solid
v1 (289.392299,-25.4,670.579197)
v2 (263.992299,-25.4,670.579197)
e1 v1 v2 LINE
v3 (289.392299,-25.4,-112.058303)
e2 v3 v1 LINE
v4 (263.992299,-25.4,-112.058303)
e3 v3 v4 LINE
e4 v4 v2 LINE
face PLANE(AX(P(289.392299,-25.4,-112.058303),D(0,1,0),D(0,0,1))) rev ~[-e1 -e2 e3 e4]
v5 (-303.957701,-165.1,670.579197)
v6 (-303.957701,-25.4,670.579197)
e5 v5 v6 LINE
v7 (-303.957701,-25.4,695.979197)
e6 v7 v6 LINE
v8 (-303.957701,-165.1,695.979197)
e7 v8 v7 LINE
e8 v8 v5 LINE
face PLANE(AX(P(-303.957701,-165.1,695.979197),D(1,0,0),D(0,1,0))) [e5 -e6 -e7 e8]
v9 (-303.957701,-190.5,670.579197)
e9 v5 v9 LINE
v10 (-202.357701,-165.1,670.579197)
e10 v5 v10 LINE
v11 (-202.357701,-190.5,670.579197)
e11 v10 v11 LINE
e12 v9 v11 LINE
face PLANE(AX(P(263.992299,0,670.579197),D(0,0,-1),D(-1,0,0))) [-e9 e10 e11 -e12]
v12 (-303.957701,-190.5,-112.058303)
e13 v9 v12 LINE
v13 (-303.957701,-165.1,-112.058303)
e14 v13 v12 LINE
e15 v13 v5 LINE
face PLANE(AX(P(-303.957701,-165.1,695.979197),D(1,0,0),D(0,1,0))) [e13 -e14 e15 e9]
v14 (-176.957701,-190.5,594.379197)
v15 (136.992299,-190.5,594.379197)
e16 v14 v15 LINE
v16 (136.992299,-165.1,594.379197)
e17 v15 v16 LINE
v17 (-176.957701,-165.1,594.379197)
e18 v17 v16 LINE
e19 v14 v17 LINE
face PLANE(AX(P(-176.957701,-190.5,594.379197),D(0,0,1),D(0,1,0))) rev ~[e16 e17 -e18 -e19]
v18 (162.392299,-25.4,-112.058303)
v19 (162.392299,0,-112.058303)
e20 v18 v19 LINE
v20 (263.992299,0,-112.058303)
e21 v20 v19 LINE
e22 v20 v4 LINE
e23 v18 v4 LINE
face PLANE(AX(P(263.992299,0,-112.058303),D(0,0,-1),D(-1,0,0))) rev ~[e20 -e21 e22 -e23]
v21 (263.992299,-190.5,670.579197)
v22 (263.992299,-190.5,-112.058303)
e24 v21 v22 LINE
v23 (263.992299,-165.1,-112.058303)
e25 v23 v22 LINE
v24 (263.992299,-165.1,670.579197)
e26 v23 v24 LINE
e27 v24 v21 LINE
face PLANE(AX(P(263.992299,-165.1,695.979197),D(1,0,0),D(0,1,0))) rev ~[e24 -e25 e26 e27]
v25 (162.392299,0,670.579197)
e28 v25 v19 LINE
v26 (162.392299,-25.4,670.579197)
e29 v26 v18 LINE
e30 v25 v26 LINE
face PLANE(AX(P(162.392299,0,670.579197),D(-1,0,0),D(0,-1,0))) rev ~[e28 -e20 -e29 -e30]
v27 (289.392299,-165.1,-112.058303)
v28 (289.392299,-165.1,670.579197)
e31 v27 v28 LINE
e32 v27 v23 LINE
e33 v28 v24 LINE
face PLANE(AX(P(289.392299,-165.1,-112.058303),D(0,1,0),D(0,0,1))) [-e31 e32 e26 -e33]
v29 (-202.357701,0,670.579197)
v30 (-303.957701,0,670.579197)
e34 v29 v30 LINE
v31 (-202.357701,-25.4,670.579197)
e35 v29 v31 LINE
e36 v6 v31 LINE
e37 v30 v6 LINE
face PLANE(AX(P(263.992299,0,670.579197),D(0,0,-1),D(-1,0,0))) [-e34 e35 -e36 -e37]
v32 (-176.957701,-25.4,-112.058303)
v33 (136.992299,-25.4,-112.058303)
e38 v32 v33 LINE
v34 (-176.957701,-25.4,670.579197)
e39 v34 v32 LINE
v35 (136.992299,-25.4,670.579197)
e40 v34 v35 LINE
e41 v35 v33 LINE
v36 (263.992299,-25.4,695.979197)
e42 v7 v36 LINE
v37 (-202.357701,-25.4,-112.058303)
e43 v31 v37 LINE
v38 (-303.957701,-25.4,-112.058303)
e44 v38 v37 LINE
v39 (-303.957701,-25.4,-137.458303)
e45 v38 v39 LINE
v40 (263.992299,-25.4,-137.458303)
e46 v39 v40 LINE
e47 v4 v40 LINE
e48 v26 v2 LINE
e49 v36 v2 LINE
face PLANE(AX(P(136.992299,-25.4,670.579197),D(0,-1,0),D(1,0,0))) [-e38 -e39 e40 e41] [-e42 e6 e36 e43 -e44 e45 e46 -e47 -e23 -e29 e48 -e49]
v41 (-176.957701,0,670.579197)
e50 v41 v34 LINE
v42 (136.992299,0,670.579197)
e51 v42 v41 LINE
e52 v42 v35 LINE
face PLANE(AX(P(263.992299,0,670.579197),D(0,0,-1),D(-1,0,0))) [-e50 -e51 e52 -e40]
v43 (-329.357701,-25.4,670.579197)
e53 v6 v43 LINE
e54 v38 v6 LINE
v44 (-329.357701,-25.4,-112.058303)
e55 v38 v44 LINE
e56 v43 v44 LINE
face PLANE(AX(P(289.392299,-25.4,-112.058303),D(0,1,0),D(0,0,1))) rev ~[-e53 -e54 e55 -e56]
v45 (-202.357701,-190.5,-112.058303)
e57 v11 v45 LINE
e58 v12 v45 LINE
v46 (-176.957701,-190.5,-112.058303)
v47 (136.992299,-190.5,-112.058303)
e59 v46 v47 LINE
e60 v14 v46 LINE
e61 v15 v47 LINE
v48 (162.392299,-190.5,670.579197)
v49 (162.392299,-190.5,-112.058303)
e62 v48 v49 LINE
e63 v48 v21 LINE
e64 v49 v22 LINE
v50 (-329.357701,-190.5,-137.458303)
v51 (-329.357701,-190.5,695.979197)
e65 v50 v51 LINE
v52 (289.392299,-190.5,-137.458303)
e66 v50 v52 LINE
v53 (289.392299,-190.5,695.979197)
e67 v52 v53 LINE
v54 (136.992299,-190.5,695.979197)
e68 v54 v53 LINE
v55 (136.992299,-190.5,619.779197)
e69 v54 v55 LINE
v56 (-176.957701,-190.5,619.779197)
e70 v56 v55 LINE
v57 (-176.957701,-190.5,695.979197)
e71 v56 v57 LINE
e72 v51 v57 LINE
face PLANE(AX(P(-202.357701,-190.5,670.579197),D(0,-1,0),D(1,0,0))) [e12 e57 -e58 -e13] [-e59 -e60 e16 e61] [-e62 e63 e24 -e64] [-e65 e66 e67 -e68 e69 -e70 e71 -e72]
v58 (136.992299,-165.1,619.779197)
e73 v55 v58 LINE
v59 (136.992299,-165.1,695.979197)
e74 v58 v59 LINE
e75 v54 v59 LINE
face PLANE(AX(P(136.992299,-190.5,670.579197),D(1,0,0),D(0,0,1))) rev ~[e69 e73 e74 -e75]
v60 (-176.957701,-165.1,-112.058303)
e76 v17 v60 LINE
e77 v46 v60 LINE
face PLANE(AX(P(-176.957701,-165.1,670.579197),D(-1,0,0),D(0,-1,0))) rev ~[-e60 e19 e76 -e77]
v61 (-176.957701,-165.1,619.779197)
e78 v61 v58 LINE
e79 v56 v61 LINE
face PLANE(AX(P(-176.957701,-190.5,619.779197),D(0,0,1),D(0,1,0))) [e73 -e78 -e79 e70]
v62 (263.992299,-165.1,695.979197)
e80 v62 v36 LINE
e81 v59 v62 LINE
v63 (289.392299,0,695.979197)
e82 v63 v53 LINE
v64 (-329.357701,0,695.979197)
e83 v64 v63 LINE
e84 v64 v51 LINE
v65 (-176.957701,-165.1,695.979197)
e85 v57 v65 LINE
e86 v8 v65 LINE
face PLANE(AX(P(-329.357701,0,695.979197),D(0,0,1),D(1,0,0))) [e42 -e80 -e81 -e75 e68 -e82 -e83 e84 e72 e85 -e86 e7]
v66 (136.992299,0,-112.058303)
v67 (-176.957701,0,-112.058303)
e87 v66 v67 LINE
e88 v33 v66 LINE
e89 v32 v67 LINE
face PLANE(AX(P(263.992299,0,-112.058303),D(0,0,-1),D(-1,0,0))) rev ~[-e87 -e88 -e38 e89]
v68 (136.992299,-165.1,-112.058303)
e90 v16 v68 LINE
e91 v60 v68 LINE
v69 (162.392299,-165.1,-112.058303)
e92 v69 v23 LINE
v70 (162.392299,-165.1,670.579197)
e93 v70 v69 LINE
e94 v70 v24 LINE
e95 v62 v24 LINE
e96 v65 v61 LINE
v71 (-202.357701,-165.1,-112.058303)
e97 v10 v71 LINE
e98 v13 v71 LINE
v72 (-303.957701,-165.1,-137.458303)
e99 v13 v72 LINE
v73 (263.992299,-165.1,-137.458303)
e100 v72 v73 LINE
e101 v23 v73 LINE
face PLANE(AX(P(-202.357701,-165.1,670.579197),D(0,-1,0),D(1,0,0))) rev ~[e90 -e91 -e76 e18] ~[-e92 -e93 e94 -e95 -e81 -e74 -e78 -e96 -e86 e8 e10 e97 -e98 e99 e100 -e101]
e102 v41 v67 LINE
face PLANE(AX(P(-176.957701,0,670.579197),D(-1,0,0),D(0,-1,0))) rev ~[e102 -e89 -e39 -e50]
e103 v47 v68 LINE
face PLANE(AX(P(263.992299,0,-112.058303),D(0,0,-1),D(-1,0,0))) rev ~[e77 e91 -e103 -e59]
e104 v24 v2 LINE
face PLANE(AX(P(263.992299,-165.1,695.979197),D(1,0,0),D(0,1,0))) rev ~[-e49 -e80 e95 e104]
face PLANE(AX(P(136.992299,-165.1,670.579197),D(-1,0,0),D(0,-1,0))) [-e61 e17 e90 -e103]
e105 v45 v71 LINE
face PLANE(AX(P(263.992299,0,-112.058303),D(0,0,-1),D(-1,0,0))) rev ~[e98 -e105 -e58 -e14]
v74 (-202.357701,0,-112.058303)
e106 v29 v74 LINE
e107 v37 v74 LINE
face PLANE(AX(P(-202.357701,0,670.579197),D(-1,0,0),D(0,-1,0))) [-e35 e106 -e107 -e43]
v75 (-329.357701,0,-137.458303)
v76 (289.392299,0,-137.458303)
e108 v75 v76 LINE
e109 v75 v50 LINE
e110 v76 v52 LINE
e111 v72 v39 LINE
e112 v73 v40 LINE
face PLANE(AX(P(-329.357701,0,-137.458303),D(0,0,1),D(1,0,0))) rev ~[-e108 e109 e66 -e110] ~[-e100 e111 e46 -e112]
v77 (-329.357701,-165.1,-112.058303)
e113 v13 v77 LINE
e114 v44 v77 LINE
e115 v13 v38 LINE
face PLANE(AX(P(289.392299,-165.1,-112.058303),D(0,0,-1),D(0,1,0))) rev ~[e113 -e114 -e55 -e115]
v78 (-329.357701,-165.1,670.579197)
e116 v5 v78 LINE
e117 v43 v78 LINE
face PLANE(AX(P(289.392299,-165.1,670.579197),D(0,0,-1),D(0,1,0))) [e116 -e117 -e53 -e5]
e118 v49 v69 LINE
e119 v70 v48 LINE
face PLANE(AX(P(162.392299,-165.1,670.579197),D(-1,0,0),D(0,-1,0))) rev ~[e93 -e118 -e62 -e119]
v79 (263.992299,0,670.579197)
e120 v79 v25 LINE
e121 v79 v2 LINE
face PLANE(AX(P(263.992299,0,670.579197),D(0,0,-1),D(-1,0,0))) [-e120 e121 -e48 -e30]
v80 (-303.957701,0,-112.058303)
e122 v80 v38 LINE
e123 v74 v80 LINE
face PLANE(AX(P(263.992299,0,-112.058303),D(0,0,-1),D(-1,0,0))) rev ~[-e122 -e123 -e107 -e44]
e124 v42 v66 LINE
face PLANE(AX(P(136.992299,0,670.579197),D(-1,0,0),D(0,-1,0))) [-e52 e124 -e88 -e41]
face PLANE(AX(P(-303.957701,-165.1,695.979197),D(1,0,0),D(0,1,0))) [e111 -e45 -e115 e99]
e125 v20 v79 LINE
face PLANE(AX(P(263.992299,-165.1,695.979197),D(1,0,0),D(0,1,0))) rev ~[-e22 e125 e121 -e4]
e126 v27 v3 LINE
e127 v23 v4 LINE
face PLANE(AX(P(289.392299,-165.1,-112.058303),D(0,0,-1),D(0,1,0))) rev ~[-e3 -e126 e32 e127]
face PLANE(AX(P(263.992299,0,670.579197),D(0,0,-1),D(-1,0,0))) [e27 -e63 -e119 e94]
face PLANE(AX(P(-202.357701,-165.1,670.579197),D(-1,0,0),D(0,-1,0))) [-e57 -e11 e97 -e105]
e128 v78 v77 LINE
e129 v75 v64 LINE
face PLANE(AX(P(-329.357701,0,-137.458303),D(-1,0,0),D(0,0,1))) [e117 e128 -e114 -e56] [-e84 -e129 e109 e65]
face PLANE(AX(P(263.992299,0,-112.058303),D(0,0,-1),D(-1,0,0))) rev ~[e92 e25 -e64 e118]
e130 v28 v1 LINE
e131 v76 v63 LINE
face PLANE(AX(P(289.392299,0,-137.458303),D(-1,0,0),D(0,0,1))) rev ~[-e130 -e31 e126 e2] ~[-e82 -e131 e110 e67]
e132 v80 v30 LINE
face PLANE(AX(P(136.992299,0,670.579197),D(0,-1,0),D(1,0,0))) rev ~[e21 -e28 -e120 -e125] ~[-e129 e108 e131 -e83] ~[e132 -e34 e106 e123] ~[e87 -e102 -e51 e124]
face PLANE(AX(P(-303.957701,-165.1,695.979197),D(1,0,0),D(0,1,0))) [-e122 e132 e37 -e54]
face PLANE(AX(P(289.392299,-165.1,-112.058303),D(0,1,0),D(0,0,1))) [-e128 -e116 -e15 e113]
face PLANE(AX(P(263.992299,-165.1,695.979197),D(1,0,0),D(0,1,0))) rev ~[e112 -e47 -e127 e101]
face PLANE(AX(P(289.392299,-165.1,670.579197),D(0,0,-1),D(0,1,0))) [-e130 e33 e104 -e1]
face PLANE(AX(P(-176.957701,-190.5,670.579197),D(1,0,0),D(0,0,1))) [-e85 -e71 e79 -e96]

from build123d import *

# Parameters (mm, degrees)
F0_W      = 618.75
F0_H      = 833.4375
F1_DEPTH  = 190.5
F2_W      = 567.95
F2_H      = 139.7
F3_DEPTH  = 833.4385
F4_W      = 567.95
F4_H      = 782.6375
F5_DEPTH  = 190.501
F6_W      = 139.7
F6_H      = 782.6375
F7_DEPTH  = 618.751
F8_W      = 25.4
F8_H      = 25.4
F9_DEPTH  = 787.4
F10_W     = 25.4
F10_H     = 25.4
F11_DEPTH = 787.4
F12_W     = 25.4
F12_H     = 25.4
F13_DEPTH = 787.4
F14_W     = 25.4
F14_H     = 25.4
F15_DEPTH = 787.4
F16_W     = 25.4
F16_H     = 25.4
F17_DEPTH = 313.95
F18_W     = 313.95
F18_H     = 25.4
F19_DEPTH = 25.4


with BuildPart() as f1:
    # F0 (on Front) → F1 (new body)
    with BuildSketch(Plane.XZ):
        with Locations((-19.982701, 279.260447)):
            Rectangle(F0_W, F0_H)
    extrude(amount=F1_DEPTH)

    # F2 (on face) → F3 (cut, through all)
    with BuildSketch(Plane.XY.offset(695.979197)):
        with Locations((-19.982701, -95.25)):
            Rectangle(F2_W, F2_H)
    extrude(amount=-F3_DEPTH, mode=Mode.SUBTRACT)

    # F4 (on face) → F5 (cut, through all)
    with BuildSketch(Plane(origin=(0, 0, 0), x_dir=(-1, 0, 0), z_dir=(0, 1, 0))):
        with Locations((19.982701, 279.260447)):
            Rectangle(F4_W, F4_H)
    extrude(amount=-F5_DEPTH, mode=Mode.SUBTRACT)

    # F6 (on face) → F7 (cut, through all)
    with BuildSketch(Plane.YZ.offset(289.392299)):
        with Locations((-95.25, 279.260447)):
            Rectangle(F6_W, F6_H)
    extrude(amount=-F7_DEPTH, mode=Mode.SUBTRACT)

    # F8 (on face) → F9 (join)
    with BuildSketch(Plane(origin=(0, 0, 670.579197), x_dir=(1, 0, 0), z_dir=(0, 0, -1))):
        with Locations((149.692299, 177.8)):
            Rectangle(F8_W, F8_H)
    extrude(amount=F9_DEPTH)

    # F10 (on face) → F11 (join)
    with BuildSketch(Plane(origin=(0, 0, 670.579197), x_dir=(1, 0, 0), z_dir=(0, 0, -1))):
        with Locations((-189.657701, 177.8)):
            Rectangle(F10_W, F10_H)
    extrude(amount=F11_DEPTH)

    # F12 (on face) → F13 (join)
    with BuildSketch(Plane(origin=(0, 0, 670.579197), x_dir=(1, 0, 0), z_dir=(0, 0, -1))):
        with Locations((-189.657701, 12.7)):
            Rectangle(F12_W, F12_H)
    extrude(amount=F13_DEPTH)

    # F14 (on face) → F15 (join)
    with BuildSketch(Plane(origin=(0, 0, 670.579197), x_dir=(1, 0, 0), z_dir=(0, 0, -1))):
        with Locations((149.692299, 12.7)):
            Rectangle(F14_W, F14_H)
    extrude(amount=F15_DEPTH)

    # F16 (on face) → F17 (join, through all)
    with BuildSketch(Plane.YZ.offset(-176.957701)):
        with Locations((-177.8, 607.079197)):
            Rectangle(F16_W, F16_H)
    extrude(amount=F17_DEPTH)

    # F18 (on face) → F19 (cut, through all)
    with BuildSketch(Plane.XZ.offset(190.5)):
        with Locations((-19.982701, 683.279197)):
            Rectangle(F18_W, F18_H)
    extrude(amount=-F19_DEPTH, mode=Mode.SUBTRACT)


solid = f1.part
